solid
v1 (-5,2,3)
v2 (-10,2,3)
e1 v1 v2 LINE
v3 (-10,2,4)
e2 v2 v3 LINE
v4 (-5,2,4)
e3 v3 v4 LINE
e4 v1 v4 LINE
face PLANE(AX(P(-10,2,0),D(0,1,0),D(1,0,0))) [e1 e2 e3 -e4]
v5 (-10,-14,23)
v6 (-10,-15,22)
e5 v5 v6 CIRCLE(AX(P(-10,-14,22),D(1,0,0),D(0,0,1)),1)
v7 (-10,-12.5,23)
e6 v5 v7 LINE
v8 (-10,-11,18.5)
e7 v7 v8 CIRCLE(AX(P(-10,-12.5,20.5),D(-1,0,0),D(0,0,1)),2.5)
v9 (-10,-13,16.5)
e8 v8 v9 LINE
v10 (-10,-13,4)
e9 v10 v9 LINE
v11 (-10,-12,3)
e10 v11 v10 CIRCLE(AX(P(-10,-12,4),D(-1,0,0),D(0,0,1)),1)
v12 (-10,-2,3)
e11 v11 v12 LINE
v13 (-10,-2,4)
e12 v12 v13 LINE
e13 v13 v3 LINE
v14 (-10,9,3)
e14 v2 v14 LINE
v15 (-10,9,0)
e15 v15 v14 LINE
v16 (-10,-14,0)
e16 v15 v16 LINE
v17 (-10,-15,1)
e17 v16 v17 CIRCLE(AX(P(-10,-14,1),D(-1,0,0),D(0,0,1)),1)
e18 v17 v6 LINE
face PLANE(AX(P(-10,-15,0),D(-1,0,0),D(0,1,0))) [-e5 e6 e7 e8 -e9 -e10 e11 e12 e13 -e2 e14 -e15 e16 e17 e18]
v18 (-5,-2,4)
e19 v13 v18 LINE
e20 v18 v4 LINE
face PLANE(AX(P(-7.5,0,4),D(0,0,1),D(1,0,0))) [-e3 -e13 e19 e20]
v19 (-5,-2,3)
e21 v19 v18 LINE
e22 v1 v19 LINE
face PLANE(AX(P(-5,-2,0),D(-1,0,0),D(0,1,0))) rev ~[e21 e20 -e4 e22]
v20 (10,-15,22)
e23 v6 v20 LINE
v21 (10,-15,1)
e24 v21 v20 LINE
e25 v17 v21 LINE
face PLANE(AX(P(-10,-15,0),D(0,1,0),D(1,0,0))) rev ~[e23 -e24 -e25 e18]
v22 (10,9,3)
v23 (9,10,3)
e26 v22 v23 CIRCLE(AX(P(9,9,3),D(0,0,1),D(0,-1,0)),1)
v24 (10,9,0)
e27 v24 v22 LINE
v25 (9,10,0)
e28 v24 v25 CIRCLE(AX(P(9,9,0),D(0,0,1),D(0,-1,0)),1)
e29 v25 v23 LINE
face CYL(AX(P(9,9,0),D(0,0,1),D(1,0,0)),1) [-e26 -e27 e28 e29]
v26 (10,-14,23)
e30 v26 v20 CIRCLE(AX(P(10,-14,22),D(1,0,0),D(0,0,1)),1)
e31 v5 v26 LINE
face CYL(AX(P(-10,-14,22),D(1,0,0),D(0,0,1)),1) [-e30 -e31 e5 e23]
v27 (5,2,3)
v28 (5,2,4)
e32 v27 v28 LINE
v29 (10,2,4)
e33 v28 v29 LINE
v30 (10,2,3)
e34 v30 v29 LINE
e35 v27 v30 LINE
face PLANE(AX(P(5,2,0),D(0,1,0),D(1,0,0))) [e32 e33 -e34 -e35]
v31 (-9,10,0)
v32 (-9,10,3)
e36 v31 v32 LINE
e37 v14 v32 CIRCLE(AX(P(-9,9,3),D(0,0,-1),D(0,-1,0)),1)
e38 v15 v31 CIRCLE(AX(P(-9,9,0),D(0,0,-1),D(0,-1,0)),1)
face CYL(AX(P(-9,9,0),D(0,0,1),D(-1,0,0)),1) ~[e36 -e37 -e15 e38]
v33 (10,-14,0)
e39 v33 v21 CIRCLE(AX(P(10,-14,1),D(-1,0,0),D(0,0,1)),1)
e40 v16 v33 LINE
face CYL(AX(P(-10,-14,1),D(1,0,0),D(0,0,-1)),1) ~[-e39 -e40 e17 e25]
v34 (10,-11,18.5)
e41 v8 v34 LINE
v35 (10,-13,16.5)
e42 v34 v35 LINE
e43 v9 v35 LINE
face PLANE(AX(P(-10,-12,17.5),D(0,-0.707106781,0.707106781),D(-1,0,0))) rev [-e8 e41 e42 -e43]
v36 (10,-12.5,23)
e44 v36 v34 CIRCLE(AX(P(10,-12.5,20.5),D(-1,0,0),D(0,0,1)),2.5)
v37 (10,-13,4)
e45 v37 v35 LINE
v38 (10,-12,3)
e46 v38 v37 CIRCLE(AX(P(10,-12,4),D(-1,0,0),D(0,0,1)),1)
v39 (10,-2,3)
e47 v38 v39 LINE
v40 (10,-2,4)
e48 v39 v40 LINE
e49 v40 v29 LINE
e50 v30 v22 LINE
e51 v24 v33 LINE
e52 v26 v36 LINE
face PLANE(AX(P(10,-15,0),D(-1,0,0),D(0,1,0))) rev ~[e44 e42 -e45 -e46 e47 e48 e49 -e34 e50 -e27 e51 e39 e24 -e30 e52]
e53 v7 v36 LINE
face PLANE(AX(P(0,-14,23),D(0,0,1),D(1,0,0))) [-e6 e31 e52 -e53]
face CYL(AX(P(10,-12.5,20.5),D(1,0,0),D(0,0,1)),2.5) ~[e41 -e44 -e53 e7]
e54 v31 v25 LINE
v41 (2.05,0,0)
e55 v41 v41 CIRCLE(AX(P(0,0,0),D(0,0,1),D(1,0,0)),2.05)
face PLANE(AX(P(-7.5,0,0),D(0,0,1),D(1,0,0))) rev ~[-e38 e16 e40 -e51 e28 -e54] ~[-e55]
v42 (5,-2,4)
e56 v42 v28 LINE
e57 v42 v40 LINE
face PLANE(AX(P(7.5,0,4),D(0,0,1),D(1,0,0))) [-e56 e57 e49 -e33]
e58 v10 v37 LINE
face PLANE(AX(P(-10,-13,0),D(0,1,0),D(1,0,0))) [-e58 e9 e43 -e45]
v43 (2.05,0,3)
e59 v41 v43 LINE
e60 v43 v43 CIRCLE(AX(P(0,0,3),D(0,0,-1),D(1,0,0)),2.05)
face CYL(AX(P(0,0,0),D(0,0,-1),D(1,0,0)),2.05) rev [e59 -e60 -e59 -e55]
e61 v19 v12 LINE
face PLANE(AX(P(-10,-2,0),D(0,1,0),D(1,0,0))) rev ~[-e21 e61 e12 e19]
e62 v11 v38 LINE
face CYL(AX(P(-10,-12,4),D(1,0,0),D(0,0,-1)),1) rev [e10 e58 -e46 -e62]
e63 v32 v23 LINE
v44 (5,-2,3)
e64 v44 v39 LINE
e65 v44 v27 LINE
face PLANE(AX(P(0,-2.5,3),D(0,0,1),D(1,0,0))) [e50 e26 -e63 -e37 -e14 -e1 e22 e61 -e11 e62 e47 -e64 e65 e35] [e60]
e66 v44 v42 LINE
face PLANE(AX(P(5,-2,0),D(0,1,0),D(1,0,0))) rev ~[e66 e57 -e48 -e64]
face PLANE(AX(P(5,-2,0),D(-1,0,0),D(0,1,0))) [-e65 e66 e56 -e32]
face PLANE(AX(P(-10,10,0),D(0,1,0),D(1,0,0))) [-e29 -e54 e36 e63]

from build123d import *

# Parameters (mm, degrees)
CYLINDER009_R     = 2.05
CYLINDER009_DEPTH = 10
BOX017_W          = 20
BOX017_H          = 2
BOX017_DEPTH      = 23
BOX015_W          = 20
BOX015_H          = 25
BOX015_DEPTH      = 3
BOX018_W          = 20
BOX018_H          = 2.5
BOX018_DEPTH      = 2.5
CYLINDER008_R     = 2.5
CYLINDER008_DEPTH = 20
BOX019_W          = 5
BOX019_H          = 4
BOX019_DEPTH      = 4
BOX020_W          = 5
BOX020_H          = 4
BOX020_DEPTH      = 4
FILLET001004_R    = 1
BOX021_W          = 20
BOX021_H          = 4
BOX021_DEPTH      = 3
CHAMFER003_SIZE   = 2


with BuildPart() as cylinder009:
    # Cylinder009 → Cylinder009 (new body)
    with BuildSketch(Plane.XY):
        Circle(CYLINDER009_R)
    extrude(amount=CYLINDER009_DEPTH)


with BuildPart() as cube017:
    # Box017 → Box017 (new body)
    with BuildSketch(Plane(origin=(-10, -15, 0), x_dir=(1, 0, 0), z_dir=(0, 0, 1))):
        with Locations((10, 1)):
            Rectangle(BOX017_W, BOX017_H)
    extrude(amount=BOX017_DEPTH)


with BuildPart() as cube015:
    # Box015 → Box015 (new body)
    with BuildSketch(Plane(origin=(-10, -15, 0), x_dir=(1, 0, 0), z_dir=(0, 0, 1))):
        with Locations((10, 12.5)):
            Rectangle(BOX015_W, BOX015_H)
    extrude(amount=BOX015_DEPTH)


with BuildPart() as cube018:
    # Box018 → Box018 (new body)
    with BuildSketch(Plane(origin=(-10, -15, 20.5), x_dir=(1, 0, 0), z_dir=(0, 0, 1))):
        with Locations((10, 1.25)):
            Rectangle(BOX018_W, BOX018_H)
    extrude(amount=BOX018_DEPTH)


with BuildPart() as cylinder008:
    # Cylinder008 → Cylinder008 (new body)
    with BuildSketch(Plane(origin=(10, -12.5, 20.5), x_dir=(0, 0, 1), z_dir=(-1, 0, 0))):
        Circle(CYLINDER008_R)
    extrude(amount=CYLINDER008_DEPTH)


with BuildPart() as cube019:
    # Box019 → Box019 (new body)
    with BuildSketch(Plane(origin=(-10, -2, 0), x_dir=(1, 0, 0), z_dir=(0, 0, 1))):
        with Locations((2.5, 2)):
            Rectangle(BOX019_W, BOX019_H)
    extrude(amount=BOX019_DEPTH)


with BuildPart() as cut001002002:
    # Box020 → Box020 (new body)
    with BuildSketch(Plane(origin=(5, -2, 0), x_dir=(1, 0, 0), z_dir=(0, 0, 1))):
        with Locations((2.5, 2)):
            Rectangle(BOX020_W, BOX020_H)
    extrude(amount=BOX020_DEPTH)

    # Fusion003: union Cube017, Cube015, Cube018, Cylinder008, Cube019
    add(cube017.part)
    add(cube015.part)
    add(cube018.part)
    add(cylinder008.part)
    add(cube019.part)

    # Fillet001004
    fillet001004_edges = [cut001002002.edges().sort_by_distance(p)[0] for p in [
        (-10, 10, 1.5),
        (10, 10, 1.5),
        (0, -15, 0),
        (0, -13, 3),
        (0, -15, 23),
    ]]
    fillet(fillet001004_edges, radius=FILLET001004_R)

    # Cut001002002: cut Cylinder009
    add(cylinder009.part, mode=Mode.SUBTRACT)


with BuildPart() as fusion004:
    # Box021 → Box021 (new body)
    with BuildSketch(Plane(origin=(-10, -15, 17), x_dir=(1, 0, 0), z_dir=(0, 0, 1))):
        with Locations((10, 2)):
            Rectangle(BOX021_W, BOX021_H)
    extrude(amount=BOX021_DEPTH)

    # Chamfer003
    chamfer003_edges = [fusion004.edges().sort_by_distance(p)[0] for p in [
        (0, -11, 17),
    ]]
    chamfer(chamfer003_edges, length=CHAMFER003_SIZE)


with BuildPart() as fusion004_1:
    # Chamfer003 placement: moved
    add(fusion004.part.moved(Location((0, 0, -0.5))))

    # Fusion004: union Cut001002002
    add(cut001002002.part)


solid = fusion004_1.part
